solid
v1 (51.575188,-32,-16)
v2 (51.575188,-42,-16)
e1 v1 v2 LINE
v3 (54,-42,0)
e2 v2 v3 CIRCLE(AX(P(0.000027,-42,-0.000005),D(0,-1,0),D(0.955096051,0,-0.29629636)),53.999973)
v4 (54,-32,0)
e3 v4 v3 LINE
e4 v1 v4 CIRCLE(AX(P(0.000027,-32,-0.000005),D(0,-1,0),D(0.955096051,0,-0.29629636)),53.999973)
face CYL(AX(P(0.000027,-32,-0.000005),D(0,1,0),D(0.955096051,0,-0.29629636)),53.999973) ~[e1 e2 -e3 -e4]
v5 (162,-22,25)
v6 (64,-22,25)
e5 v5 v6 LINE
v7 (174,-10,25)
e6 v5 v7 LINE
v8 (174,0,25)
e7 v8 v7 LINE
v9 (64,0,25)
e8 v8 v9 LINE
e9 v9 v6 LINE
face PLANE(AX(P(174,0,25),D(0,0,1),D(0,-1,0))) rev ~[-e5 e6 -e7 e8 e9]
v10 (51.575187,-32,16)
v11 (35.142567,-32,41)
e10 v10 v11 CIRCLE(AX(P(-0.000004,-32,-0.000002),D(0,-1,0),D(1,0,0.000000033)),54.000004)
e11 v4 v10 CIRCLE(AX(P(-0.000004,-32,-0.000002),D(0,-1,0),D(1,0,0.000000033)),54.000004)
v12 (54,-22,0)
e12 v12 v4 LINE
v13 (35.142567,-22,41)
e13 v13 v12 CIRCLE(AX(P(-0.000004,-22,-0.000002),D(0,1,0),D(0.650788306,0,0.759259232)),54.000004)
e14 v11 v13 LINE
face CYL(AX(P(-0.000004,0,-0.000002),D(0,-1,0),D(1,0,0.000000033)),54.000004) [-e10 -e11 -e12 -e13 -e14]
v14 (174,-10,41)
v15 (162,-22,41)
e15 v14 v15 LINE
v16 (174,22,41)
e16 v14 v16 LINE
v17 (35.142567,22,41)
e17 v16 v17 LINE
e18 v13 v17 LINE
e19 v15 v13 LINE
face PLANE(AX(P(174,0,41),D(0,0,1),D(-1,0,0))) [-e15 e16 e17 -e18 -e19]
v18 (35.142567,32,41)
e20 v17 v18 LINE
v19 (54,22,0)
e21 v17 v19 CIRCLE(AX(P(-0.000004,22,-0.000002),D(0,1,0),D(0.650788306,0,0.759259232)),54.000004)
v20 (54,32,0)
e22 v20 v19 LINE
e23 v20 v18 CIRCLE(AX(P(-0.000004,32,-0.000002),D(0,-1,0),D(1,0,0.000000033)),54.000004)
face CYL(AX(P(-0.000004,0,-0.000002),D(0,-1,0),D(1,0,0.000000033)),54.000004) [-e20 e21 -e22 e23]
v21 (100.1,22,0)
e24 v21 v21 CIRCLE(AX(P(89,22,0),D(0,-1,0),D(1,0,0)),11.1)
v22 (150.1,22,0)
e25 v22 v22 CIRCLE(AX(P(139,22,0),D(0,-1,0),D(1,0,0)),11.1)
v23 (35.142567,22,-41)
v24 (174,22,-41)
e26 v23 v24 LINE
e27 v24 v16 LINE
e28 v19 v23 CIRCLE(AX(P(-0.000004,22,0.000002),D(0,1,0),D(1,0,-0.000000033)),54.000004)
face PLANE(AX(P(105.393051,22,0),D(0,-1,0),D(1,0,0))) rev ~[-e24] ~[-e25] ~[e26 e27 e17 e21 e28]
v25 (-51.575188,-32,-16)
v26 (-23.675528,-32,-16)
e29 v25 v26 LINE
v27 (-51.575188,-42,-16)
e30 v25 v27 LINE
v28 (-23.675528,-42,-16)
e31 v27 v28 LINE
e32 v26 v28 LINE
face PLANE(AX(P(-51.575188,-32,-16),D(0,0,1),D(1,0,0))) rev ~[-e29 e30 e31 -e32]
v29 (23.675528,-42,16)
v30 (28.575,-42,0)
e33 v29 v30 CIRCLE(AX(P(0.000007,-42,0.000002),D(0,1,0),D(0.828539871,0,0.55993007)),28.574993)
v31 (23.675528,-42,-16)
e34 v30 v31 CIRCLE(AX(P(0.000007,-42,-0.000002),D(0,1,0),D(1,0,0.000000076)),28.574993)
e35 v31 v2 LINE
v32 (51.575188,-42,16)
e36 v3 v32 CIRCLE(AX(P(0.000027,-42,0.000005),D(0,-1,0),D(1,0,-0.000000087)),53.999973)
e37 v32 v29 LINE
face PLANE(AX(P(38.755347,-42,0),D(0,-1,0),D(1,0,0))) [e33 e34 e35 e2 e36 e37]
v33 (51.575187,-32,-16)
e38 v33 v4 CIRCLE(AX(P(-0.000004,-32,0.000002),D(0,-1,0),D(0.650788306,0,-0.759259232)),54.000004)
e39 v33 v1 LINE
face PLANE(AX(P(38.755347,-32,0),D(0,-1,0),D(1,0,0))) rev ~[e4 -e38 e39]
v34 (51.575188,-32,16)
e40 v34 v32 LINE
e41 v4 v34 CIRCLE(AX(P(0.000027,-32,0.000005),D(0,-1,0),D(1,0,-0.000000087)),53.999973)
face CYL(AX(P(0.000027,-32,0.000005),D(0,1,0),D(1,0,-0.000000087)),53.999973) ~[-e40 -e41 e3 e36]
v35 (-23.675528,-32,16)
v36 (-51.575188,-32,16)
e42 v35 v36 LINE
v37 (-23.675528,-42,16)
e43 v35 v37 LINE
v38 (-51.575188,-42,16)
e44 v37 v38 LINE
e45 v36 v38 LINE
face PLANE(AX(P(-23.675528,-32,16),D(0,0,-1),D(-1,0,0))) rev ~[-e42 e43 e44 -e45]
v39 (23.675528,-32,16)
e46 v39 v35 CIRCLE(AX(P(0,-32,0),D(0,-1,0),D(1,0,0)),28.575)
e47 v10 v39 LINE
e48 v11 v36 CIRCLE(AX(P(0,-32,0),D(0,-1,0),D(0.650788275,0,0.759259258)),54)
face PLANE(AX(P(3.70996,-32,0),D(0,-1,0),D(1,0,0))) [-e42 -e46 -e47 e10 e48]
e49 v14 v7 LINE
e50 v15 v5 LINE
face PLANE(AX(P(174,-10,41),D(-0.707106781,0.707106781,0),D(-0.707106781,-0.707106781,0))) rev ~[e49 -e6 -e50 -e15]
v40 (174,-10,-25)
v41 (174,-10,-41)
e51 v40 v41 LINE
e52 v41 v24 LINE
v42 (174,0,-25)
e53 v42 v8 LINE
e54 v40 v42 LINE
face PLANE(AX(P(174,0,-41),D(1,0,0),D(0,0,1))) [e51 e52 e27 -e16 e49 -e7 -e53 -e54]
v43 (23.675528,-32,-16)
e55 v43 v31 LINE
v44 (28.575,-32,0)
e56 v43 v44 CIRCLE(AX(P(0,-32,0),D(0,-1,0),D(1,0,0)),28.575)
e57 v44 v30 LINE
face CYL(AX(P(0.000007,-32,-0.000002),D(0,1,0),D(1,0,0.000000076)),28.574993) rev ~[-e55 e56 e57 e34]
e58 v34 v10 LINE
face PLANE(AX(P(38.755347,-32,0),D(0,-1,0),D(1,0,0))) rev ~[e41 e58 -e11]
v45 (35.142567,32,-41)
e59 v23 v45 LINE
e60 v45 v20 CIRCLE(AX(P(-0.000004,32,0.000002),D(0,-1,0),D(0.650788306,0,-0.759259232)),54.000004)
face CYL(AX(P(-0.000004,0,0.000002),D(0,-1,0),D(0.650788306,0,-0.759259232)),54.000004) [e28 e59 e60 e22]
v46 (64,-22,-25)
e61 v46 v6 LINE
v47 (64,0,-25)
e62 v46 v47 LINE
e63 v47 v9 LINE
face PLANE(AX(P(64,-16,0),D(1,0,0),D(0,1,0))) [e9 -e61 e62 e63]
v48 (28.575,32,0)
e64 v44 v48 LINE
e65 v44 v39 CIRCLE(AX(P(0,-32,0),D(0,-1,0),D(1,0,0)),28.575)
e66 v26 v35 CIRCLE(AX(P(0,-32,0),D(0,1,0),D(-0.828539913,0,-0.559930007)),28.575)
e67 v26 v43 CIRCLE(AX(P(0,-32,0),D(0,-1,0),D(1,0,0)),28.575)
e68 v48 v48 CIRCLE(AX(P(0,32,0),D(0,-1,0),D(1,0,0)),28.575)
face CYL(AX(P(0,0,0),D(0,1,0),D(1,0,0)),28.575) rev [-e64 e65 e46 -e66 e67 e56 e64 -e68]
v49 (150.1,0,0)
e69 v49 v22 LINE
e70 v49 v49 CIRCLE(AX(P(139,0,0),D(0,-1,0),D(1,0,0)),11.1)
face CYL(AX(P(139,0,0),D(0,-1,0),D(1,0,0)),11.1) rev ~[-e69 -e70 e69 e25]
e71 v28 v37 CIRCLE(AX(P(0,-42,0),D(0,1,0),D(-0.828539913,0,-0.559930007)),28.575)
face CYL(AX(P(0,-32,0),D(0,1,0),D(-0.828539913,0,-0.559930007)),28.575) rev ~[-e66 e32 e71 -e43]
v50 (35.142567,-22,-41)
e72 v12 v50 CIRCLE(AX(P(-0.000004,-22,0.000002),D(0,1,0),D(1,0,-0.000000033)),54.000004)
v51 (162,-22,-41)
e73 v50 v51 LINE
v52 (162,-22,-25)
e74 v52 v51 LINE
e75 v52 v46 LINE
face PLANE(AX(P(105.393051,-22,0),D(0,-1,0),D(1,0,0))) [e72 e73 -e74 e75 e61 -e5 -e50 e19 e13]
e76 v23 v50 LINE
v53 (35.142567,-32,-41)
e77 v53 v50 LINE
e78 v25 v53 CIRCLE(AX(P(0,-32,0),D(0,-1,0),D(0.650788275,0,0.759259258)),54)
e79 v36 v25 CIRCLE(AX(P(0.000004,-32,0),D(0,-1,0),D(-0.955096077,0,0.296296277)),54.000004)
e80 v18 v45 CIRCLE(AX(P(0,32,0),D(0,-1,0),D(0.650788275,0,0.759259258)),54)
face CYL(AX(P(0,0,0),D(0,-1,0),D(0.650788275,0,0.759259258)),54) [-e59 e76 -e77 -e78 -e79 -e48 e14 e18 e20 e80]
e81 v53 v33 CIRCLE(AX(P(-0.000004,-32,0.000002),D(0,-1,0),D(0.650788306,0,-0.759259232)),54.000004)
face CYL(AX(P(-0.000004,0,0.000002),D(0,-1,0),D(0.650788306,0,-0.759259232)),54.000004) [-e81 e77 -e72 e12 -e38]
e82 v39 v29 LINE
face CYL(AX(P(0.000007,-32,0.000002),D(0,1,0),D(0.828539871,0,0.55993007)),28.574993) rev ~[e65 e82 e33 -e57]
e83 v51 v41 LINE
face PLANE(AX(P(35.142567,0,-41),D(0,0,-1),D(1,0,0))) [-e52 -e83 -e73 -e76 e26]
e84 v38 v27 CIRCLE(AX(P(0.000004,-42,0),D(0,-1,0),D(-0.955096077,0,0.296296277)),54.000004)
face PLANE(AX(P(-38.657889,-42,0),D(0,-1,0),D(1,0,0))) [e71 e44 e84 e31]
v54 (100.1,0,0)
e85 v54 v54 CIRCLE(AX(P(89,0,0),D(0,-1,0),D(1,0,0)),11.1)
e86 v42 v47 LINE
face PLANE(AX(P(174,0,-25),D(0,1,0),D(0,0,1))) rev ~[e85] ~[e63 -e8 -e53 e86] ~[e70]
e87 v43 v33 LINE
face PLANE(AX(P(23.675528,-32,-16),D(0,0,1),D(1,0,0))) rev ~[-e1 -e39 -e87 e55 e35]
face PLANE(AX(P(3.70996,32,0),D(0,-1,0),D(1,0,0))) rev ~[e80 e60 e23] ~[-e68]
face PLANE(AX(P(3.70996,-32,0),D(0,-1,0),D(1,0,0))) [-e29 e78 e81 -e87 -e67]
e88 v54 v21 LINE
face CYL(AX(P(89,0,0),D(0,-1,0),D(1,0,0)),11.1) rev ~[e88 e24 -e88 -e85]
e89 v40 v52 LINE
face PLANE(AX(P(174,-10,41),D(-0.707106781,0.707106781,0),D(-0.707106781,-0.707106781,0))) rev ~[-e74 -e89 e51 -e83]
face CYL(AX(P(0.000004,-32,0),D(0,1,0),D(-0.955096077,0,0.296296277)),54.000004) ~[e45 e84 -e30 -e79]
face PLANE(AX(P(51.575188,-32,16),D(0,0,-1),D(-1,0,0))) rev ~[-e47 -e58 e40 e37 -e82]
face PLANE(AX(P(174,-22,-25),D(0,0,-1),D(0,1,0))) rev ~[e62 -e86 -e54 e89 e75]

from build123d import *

# Parameters (mm, degrees)
F0_R      = 28.575
F1_DEPTH  = 32
F2_DEPTH  = 22
F4_DEPTH  = 95.001
F5_W      = 12
F5_H      = 50
F5_W_2    = 10
F6_DEPTH  = 110
F8_DEPTH  = 10
F9_R      = 11.1
F10_DEPTH = 32.001


with BuildPart() as f1:
    # F0 (on Front) → F1 (new body, symmetric)
    with BuildSketch(Plane.XZ):
        with BuildLine():
            ThreePointArc((35.142567, -41), (49.05965, -22.564368), (54, 0))
            ThreePointArc((54, 0), (49.05965, 22.564368), (35.142567, 41))
            ThreePointArc((35.142567, 41), (-54, 0), (35.142567, -41))
        make_face()
        Circle(F0_R, mode=Mode.SUBTRACT)
    extrude(amount=F1_DEPTH, both=True)

    # F0 (on Front) → F2 (join, symmetric)
    with BuildSketch(Plane.XZ):
        with BuildLine():
            ThreePointArc((35.142567, 41), (49.05965, 22.564368), (54, 0))
            ThreePointArc((54, 0), (49.05965, -22.564368), (35.142567, -41))
            Line((35.142567, -41), (174, -41))
            Line((174, -41), (174, 41))
            Line((174, 41), (35.142567, 41))
        make_face()
    extrude(amount=F2_DEPTH, both=True)

    # F3 (on face) → F4 (cut, through all)
    with BuildSketch(Plane.XY.offset(41)):
        Polygon((174, -10), (162, -22), (174, -22), align=None)
    extrude(amount=-F4_DEPTH, mode=Mode.SUBTRACT)

    # F5 (on face) → F6 (cut)
    with BuildSketch(Plane.YZ.offset(174)):
        with Locations((-16, 0)):
            Rectangle(F5_W, F5_H)
        with Locations((-5, 0)):
            Rectangle(F5_W_2, F5_H)
    extrude(amount=-F6_DEPTH, mode=Mode.SUBTRACT)

    # F7 (on face) → F8 (join)
    with BuildSketch(Plane.XZ.offset(32)):
        with BuildLine():
            Line((-23.675528, 16), (-51.575188, 16))
            ThreePointArc((-51.575188, 16), (-54, 0), (-51.575188, -16))
            Line((-51.575188, -16), (-23.675528, -16))
            ThreePointArc((-23.675528, -16), (-28.575, 0), (-23.675528, 16))
        make_face()
        with BuildLine():
            Line((51.575188, 16), (23.675528, 16))
            ThreePointArc((23.675528, 16), (27.322691, 8.366672), (28.575, 0))
            ThreePointArc((28.575, 0), (27.322691, -8.366672), (23.675528, -16))
            Line((23.675528, -16), (51.575188, -16))
            ThreePointArc((51.575188, -16), (53.390356, -8.091349), (54, 0))
            ThreePointArc((54, 0), (53.390356, 8.091349), (51.575188, 16))
        make_face()
    extrude(amount=F8_DEPTH)

    # F9 (on face) → F10 (cut, through all)
    with BuildSketch(Plane.XZ):
        with Locations((89, 0)):
            Circle(F9_R)
        with Locations((139, 0)):
            Circle(F9_R)
    extrude(amount=-F10_DEPTH, mode=Mode.SUBTRACT)


solid = f1.part
